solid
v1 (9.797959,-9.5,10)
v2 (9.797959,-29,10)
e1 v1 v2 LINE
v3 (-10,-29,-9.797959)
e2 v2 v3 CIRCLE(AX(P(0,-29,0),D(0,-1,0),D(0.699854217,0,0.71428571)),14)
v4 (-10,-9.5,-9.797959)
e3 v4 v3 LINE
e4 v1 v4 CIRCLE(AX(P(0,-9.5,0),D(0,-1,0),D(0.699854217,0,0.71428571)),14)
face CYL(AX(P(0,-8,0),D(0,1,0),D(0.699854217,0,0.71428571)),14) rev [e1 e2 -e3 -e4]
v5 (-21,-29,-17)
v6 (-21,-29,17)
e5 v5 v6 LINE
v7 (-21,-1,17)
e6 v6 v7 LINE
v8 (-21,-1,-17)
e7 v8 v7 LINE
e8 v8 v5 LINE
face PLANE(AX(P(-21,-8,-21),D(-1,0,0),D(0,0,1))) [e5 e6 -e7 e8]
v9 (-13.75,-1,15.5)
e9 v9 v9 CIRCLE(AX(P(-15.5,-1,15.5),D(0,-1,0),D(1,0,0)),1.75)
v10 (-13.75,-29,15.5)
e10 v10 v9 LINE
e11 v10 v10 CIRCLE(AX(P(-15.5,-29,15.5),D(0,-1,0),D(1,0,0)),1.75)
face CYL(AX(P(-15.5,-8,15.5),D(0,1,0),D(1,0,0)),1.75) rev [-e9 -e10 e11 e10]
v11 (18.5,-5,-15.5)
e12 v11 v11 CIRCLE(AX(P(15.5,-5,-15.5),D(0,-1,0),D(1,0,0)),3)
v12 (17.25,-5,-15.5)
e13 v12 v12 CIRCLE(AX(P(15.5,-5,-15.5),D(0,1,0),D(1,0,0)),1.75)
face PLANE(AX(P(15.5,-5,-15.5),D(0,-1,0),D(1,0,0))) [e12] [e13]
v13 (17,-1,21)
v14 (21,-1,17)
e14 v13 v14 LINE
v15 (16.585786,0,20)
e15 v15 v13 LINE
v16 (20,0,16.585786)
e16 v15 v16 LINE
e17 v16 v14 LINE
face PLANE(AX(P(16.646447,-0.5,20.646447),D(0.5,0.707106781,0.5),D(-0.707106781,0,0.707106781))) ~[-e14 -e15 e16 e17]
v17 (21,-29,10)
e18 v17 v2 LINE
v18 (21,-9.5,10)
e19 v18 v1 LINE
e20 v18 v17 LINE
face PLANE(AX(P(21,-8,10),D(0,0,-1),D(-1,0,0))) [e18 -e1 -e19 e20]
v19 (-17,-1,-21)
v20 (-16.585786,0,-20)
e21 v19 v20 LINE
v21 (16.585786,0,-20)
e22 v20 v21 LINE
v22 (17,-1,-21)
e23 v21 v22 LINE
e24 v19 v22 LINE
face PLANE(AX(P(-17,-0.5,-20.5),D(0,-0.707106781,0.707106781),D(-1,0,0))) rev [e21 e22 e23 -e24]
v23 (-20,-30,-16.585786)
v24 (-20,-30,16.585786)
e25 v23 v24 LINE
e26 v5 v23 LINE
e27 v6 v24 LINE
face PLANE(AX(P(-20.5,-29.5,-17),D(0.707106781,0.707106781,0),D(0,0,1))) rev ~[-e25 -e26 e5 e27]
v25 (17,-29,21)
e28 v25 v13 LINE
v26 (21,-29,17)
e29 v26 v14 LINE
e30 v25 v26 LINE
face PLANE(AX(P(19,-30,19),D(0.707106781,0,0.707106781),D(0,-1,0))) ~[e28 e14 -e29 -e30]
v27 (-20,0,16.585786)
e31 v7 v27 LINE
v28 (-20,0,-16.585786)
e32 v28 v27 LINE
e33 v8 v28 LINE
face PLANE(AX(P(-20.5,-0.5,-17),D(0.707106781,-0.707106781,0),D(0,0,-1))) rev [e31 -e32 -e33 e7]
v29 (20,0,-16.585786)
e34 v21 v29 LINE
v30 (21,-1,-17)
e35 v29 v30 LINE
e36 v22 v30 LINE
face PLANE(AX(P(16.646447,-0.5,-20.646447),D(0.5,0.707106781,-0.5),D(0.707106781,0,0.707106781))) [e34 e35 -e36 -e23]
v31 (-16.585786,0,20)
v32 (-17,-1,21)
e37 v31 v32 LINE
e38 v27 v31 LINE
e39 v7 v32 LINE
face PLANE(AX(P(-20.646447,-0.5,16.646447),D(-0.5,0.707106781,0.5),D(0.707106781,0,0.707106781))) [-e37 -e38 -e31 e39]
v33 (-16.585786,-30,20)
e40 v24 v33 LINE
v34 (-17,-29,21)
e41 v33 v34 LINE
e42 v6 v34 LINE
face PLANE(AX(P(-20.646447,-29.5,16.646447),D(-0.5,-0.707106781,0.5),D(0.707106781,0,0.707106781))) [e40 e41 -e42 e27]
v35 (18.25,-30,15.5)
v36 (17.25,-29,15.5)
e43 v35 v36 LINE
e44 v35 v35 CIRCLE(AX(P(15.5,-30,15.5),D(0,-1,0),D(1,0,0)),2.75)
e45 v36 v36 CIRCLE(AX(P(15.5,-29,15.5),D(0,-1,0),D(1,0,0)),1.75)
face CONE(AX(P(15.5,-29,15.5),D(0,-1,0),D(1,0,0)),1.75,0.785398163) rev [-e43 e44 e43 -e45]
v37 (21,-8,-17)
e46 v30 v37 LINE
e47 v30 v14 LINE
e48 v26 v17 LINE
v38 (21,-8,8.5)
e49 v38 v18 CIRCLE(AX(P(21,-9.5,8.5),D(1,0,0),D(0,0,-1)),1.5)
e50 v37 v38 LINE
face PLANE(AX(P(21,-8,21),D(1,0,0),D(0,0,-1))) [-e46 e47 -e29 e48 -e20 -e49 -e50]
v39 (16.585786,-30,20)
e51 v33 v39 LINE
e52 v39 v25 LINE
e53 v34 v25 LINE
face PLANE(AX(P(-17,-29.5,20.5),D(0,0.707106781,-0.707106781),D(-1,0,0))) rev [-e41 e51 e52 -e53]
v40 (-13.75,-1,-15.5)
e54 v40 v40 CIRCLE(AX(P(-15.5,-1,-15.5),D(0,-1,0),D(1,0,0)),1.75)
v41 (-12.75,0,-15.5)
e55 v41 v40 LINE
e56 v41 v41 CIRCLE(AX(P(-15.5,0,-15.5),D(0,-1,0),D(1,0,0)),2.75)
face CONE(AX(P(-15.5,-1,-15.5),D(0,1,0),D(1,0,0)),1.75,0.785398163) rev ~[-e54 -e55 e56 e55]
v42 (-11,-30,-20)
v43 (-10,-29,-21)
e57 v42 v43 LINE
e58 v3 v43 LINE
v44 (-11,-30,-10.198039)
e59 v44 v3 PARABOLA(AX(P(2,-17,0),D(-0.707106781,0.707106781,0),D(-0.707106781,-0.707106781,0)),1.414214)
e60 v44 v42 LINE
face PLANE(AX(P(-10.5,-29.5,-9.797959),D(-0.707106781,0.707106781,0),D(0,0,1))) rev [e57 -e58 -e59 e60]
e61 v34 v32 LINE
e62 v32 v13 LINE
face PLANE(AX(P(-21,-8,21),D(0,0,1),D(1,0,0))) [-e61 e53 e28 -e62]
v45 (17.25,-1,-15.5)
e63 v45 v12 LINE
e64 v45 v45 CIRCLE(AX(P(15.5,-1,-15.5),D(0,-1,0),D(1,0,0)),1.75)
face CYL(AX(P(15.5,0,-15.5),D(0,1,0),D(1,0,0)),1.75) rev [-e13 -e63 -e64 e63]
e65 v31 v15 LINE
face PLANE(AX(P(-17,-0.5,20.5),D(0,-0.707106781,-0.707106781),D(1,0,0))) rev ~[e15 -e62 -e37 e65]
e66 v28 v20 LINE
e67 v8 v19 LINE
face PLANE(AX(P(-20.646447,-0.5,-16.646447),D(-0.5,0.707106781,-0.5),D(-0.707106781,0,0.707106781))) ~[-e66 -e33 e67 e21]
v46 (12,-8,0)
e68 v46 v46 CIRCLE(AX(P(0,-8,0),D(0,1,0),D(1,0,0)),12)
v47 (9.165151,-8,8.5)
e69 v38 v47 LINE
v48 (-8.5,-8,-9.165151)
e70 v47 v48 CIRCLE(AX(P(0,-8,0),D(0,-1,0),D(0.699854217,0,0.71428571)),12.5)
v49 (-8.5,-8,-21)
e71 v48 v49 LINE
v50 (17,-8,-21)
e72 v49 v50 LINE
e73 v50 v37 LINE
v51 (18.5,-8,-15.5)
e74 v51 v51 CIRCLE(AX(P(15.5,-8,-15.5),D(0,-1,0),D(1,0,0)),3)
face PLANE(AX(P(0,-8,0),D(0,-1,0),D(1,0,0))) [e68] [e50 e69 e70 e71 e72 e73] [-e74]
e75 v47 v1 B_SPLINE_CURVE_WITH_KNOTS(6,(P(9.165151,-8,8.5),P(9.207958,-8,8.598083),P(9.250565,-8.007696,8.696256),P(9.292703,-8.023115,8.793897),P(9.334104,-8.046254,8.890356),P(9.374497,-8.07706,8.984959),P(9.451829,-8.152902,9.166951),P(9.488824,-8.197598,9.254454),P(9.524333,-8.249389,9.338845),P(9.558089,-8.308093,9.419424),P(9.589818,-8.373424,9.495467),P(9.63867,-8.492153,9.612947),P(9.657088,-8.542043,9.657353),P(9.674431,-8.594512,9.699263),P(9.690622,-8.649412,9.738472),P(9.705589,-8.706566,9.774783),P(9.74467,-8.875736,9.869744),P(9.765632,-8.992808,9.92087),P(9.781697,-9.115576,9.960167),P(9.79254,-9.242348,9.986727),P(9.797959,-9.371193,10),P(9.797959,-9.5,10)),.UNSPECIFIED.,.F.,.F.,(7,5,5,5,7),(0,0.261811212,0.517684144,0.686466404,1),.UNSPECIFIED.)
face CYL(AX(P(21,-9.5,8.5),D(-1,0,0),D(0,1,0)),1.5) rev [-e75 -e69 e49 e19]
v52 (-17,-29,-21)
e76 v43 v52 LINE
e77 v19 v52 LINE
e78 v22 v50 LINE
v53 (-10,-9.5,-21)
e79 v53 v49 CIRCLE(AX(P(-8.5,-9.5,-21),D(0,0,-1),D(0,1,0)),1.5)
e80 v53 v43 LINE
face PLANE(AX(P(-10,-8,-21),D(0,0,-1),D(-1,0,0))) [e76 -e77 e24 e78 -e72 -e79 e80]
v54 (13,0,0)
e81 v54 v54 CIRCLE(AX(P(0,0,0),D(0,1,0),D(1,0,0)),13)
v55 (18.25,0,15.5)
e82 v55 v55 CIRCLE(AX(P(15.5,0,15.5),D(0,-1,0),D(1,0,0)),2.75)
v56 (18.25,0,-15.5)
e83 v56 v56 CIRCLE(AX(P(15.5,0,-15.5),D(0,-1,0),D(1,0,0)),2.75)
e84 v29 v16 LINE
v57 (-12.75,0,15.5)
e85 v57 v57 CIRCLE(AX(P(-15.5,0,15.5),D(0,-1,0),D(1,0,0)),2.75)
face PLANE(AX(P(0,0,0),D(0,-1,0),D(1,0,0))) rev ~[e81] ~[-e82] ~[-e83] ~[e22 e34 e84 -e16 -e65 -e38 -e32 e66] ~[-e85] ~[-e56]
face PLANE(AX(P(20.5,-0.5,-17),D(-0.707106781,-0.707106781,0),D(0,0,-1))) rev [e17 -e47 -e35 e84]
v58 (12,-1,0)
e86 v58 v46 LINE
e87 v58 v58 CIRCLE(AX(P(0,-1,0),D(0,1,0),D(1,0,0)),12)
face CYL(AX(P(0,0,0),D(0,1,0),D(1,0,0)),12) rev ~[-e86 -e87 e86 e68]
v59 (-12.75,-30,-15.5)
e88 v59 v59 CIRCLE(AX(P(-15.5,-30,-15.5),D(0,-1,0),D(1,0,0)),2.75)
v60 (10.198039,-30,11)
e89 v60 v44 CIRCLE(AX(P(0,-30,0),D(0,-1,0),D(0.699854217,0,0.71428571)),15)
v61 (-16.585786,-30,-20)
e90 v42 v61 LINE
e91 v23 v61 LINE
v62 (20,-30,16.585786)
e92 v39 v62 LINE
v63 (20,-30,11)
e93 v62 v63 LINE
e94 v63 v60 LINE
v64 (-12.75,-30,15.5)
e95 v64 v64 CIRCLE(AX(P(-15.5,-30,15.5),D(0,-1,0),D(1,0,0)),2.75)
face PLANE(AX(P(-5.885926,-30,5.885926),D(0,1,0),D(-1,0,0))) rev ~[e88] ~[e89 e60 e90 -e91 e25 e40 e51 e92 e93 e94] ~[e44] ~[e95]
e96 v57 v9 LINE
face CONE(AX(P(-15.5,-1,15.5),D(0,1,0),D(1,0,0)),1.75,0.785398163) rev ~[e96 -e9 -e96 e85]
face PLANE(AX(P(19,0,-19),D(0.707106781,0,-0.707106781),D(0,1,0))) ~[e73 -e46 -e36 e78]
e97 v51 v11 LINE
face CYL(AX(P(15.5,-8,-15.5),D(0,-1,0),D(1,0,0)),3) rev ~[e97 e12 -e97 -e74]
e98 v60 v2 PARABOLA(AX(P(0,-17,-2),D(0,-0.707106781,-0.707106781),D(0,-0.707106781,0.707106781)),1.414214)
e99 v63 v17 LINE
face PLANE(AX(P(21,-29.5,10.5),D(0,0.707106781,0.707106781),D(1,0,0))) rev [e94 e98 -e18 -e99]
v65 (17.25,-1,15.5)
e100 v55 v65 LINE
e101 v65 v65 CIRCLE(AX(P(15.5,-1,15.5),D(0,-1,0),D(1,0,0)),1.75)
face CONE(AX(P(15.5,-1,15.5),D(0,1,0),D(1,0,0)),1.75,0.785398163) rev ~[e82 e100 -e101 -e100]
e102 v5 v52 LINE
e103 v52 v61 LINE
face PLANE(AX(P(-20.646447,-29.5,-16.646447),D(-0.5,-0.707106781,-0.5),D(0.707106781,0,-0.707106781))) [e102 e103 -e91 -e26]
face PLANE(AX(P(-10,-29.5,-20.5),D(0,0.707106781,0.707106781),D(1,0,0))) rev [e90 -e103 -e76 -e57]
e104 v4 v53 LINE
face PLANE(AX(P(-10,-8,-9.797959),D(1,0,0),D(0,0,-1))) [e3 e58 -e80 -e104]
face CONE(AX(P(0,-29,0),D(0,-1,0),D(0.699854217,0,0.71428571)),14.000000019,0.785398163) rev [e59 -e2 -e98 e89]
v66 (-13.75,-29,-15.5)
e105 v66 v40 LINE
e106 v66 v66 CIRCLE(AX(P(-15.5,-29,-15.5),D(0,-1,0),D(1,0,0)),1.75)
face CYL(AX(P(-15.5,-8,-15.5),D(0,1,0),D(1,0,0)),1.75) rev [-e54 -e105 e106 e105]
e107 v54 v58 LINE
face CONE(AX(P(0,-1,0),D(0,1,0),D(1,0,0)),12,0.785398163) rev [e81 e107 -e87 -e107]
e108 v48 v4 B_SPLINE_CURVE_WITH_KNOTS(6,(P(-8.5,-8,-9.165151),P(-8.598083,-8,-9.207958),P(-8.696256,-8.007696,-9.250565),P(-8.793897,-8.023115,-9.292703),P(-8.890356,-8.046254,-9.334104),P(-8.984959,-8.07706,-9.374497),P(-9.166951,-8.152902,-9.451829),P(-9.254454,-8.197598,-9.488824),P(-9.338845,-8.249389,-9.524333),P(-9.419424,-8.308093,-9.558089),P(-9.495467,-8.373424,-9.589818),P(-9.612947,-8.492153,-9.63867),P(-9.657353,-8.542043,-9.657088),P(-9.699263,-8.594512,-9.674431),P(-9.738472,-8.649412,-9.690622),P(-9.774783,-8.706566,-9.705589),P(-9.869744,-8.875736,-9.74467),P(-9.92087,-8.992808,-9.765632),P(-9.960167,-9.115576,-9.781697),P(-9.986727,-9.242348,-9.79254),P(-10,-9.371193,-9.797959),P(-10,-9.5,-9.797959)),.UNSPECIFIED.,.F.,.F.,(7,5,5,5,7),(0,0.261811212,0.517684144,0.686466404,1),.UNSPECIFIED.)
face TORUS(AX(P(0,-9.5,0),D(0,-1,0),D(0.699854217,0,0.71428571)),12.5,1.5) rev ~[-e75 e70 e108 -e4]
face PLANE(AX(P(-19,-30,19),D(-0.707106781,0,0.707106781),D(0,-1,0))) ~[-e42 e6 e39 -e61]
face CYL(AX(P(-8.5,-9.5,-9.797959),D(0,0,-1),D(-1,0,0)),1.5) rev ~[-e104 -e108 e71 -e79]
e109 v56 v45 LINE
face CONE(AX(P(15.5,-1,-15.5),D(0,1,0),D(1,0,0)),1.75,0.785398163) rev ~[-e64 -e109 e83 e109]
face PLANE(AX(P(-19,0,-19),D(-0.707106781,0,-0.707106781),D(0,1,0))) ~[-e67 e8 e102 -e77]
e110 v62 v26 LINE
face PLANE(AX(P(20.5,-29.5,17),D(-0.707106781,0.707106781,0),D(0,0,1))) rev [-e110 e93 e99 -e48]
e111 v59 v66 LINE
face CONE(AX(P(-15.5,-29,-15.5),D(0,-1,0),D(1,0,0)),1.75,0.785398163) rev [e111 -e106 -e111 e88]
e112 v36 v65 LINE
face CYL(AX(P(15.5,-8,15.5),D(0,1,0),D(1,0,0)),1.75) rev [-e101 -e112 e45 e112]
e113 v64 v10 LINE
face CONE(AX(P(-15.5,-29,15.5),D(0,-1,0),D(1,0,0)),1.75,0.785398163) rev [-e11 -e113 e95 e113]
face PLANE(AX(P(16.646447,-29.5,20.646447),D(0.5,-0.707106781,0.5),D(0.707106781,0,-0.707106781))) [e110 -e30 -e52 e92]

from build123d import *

# Parameters (mm, degrees)
SKETCH_W        = 42
SKETCH_H        = 42
SKETCH_R        = 1.75
PAD_DEPTH       = 8
SKETCH001_R     = 12
POCKET_DEPTH    = 8.001
SKETCH003_R     = 1.75
PAD001_DEPTH    = 22
SKETCH004_R     = 3
POCKET001_DEPTH = 3
CHAMFER_SIZE    = 4
CHAMFER001_SIZE = 1
CHAMFER002_SIZE = 1
FILLET_R        = 1.5


with BuildPart() as part:
    # Sketch → Pad (new body)
    with BuildSketch(Plane.XZ):
        Rectangle(SKETCH_W, SKETCH_H)
        with Locations((-15.5, -15.5)):
            Circle(SKETCH_R, mode=Mode.SUBTRACT)
        with Locations((15.5, -15.5)):
            Circle(SKETCH_R, mode=Mode.SUBTRACT)
        with Locations((-15.5, 15.5)):
            Circle(SKETCH_R, mode=Mode.SUBTRACT)
        with Locations((15.5, 15.5)):
            Circle(SKETCH_R, mode=Mode.SUBTRACT)
    extrude(amount=PAD_DEPTH)

    # Sketch001 (on Face9 of Pad) → Pocket (cut, through all)
    with BuildSketch(Plane(origin=(0, 0, 0), x_dir=(1, 0, 0), z_dir=(0, 1, 0))):
        Circle(SKETCH001_R)
    extrude(amount=-POCKET_DEPTH, mode=Mode.SUBTRACT)

    # Sketch003 → Pad001 (join)
    with BuildSketch(Plane.XZ.offset(8)):
        with BuildLine():
            Line((-21, -21), (-21, 21))
            Line((-21, 21), (21, 21))
            Line((21, 21), (21, 10))
            Line((21, 10), (9.797959, 10))
            ThreePointArc((9.797959, 10), (-9.899495, 9.899495), (-10, -9.797959))
            Line((-10, -9.797959), (-10, -21))
            Line((-10, -21), (-21, -21))
        make_face()
        with Locations((-15.5, 15.5)):
            Circle(SKETCH003_R, mode=Mode.SUBTRACT)
        with Locations((-15.5, -15.5)):
            Circle(SKETCH003_R, mode=Mode.SUBTRACT)
        with Locations((15.5, 15.5)):
            Circle(SKETCH003_R, mode=Mode.SUBTRACT)
    extrude(amount=PAD001_DEPTH)

    # Sketch004 (on Face9 of Pad001) → Pocket001 (cut)
    with BuildSketch(Plane.XZ.offset(8)):
        with Locations((15.5, -15.5)):
            Circle(SKETCH004_R)
    extrude(amount=-POCKET001_DEPTH, mode=Mode.SUBTRACT)

    # Chamfer
    chamfer_edges = [part.edges().sort_by_distance(p)[0] for p in [
        (21, -4, -21),
        (21, -4, 21),
        (-21, -4, 21),
        (-21, -4, -21),
    ]]
    chamfer(chamfer_edges, length=CHAMFER_SIZE)

    # Chamfer001
    chamfer001_edges = [part.edges().sort_by_distance(p)[0] for p in [
        (0, 0, 21),
        (-19, 0, 19),
        (19, 0, 19),
        (-21, 0, 0),
        (21, 0, 0),
        (-19, 0, -19),
        (19, 0, -19),
        (0, 0, -21),
        (13.75, 0, -15.5),
        (-12, 0, 0),
        (-17.25, 0, -15.5),
        (-17.25, 0, 15.5),
        (13.75, 0, 15.5),
    ]]
    chamfer(chamfer001_edges, length=CHAMFER001_SIZE)

    # Chamfer002
    chamfer002_edges = [part.edges().sort_by_distance(p)[0] for p in [
        (-21, -30, 0),
        (-19, -30, -19),
        (-19, -30, 19),
        (-13.5, -30, -21),
        (0, -30, 21),
        (-10, -30, -15.398979),
        (19, -30, 19),
        (-9.899495, -30, 9.899495),
        (21, -30, 13.5),
        (15.398979, -30, 10),
        (13.75, -30, 15.5),
        (-17.25, -30, -15.5),
        (-17.25, -30, 15.5),
    ]]
    chamfer(chamfer002_edges, length=CHAMFER002_SIZE)

    # Fillet
    fillet_edges = [part.edges().sort_by_distance(p)[0] for p in [
        (-9.899495, -8, 9.899495),
        (15.398979, -8, 10),
        (-10, -8, -15.398979),
    ]]
    fillet(fillet_edges, radius=FILLET_R)


solid = part.part
